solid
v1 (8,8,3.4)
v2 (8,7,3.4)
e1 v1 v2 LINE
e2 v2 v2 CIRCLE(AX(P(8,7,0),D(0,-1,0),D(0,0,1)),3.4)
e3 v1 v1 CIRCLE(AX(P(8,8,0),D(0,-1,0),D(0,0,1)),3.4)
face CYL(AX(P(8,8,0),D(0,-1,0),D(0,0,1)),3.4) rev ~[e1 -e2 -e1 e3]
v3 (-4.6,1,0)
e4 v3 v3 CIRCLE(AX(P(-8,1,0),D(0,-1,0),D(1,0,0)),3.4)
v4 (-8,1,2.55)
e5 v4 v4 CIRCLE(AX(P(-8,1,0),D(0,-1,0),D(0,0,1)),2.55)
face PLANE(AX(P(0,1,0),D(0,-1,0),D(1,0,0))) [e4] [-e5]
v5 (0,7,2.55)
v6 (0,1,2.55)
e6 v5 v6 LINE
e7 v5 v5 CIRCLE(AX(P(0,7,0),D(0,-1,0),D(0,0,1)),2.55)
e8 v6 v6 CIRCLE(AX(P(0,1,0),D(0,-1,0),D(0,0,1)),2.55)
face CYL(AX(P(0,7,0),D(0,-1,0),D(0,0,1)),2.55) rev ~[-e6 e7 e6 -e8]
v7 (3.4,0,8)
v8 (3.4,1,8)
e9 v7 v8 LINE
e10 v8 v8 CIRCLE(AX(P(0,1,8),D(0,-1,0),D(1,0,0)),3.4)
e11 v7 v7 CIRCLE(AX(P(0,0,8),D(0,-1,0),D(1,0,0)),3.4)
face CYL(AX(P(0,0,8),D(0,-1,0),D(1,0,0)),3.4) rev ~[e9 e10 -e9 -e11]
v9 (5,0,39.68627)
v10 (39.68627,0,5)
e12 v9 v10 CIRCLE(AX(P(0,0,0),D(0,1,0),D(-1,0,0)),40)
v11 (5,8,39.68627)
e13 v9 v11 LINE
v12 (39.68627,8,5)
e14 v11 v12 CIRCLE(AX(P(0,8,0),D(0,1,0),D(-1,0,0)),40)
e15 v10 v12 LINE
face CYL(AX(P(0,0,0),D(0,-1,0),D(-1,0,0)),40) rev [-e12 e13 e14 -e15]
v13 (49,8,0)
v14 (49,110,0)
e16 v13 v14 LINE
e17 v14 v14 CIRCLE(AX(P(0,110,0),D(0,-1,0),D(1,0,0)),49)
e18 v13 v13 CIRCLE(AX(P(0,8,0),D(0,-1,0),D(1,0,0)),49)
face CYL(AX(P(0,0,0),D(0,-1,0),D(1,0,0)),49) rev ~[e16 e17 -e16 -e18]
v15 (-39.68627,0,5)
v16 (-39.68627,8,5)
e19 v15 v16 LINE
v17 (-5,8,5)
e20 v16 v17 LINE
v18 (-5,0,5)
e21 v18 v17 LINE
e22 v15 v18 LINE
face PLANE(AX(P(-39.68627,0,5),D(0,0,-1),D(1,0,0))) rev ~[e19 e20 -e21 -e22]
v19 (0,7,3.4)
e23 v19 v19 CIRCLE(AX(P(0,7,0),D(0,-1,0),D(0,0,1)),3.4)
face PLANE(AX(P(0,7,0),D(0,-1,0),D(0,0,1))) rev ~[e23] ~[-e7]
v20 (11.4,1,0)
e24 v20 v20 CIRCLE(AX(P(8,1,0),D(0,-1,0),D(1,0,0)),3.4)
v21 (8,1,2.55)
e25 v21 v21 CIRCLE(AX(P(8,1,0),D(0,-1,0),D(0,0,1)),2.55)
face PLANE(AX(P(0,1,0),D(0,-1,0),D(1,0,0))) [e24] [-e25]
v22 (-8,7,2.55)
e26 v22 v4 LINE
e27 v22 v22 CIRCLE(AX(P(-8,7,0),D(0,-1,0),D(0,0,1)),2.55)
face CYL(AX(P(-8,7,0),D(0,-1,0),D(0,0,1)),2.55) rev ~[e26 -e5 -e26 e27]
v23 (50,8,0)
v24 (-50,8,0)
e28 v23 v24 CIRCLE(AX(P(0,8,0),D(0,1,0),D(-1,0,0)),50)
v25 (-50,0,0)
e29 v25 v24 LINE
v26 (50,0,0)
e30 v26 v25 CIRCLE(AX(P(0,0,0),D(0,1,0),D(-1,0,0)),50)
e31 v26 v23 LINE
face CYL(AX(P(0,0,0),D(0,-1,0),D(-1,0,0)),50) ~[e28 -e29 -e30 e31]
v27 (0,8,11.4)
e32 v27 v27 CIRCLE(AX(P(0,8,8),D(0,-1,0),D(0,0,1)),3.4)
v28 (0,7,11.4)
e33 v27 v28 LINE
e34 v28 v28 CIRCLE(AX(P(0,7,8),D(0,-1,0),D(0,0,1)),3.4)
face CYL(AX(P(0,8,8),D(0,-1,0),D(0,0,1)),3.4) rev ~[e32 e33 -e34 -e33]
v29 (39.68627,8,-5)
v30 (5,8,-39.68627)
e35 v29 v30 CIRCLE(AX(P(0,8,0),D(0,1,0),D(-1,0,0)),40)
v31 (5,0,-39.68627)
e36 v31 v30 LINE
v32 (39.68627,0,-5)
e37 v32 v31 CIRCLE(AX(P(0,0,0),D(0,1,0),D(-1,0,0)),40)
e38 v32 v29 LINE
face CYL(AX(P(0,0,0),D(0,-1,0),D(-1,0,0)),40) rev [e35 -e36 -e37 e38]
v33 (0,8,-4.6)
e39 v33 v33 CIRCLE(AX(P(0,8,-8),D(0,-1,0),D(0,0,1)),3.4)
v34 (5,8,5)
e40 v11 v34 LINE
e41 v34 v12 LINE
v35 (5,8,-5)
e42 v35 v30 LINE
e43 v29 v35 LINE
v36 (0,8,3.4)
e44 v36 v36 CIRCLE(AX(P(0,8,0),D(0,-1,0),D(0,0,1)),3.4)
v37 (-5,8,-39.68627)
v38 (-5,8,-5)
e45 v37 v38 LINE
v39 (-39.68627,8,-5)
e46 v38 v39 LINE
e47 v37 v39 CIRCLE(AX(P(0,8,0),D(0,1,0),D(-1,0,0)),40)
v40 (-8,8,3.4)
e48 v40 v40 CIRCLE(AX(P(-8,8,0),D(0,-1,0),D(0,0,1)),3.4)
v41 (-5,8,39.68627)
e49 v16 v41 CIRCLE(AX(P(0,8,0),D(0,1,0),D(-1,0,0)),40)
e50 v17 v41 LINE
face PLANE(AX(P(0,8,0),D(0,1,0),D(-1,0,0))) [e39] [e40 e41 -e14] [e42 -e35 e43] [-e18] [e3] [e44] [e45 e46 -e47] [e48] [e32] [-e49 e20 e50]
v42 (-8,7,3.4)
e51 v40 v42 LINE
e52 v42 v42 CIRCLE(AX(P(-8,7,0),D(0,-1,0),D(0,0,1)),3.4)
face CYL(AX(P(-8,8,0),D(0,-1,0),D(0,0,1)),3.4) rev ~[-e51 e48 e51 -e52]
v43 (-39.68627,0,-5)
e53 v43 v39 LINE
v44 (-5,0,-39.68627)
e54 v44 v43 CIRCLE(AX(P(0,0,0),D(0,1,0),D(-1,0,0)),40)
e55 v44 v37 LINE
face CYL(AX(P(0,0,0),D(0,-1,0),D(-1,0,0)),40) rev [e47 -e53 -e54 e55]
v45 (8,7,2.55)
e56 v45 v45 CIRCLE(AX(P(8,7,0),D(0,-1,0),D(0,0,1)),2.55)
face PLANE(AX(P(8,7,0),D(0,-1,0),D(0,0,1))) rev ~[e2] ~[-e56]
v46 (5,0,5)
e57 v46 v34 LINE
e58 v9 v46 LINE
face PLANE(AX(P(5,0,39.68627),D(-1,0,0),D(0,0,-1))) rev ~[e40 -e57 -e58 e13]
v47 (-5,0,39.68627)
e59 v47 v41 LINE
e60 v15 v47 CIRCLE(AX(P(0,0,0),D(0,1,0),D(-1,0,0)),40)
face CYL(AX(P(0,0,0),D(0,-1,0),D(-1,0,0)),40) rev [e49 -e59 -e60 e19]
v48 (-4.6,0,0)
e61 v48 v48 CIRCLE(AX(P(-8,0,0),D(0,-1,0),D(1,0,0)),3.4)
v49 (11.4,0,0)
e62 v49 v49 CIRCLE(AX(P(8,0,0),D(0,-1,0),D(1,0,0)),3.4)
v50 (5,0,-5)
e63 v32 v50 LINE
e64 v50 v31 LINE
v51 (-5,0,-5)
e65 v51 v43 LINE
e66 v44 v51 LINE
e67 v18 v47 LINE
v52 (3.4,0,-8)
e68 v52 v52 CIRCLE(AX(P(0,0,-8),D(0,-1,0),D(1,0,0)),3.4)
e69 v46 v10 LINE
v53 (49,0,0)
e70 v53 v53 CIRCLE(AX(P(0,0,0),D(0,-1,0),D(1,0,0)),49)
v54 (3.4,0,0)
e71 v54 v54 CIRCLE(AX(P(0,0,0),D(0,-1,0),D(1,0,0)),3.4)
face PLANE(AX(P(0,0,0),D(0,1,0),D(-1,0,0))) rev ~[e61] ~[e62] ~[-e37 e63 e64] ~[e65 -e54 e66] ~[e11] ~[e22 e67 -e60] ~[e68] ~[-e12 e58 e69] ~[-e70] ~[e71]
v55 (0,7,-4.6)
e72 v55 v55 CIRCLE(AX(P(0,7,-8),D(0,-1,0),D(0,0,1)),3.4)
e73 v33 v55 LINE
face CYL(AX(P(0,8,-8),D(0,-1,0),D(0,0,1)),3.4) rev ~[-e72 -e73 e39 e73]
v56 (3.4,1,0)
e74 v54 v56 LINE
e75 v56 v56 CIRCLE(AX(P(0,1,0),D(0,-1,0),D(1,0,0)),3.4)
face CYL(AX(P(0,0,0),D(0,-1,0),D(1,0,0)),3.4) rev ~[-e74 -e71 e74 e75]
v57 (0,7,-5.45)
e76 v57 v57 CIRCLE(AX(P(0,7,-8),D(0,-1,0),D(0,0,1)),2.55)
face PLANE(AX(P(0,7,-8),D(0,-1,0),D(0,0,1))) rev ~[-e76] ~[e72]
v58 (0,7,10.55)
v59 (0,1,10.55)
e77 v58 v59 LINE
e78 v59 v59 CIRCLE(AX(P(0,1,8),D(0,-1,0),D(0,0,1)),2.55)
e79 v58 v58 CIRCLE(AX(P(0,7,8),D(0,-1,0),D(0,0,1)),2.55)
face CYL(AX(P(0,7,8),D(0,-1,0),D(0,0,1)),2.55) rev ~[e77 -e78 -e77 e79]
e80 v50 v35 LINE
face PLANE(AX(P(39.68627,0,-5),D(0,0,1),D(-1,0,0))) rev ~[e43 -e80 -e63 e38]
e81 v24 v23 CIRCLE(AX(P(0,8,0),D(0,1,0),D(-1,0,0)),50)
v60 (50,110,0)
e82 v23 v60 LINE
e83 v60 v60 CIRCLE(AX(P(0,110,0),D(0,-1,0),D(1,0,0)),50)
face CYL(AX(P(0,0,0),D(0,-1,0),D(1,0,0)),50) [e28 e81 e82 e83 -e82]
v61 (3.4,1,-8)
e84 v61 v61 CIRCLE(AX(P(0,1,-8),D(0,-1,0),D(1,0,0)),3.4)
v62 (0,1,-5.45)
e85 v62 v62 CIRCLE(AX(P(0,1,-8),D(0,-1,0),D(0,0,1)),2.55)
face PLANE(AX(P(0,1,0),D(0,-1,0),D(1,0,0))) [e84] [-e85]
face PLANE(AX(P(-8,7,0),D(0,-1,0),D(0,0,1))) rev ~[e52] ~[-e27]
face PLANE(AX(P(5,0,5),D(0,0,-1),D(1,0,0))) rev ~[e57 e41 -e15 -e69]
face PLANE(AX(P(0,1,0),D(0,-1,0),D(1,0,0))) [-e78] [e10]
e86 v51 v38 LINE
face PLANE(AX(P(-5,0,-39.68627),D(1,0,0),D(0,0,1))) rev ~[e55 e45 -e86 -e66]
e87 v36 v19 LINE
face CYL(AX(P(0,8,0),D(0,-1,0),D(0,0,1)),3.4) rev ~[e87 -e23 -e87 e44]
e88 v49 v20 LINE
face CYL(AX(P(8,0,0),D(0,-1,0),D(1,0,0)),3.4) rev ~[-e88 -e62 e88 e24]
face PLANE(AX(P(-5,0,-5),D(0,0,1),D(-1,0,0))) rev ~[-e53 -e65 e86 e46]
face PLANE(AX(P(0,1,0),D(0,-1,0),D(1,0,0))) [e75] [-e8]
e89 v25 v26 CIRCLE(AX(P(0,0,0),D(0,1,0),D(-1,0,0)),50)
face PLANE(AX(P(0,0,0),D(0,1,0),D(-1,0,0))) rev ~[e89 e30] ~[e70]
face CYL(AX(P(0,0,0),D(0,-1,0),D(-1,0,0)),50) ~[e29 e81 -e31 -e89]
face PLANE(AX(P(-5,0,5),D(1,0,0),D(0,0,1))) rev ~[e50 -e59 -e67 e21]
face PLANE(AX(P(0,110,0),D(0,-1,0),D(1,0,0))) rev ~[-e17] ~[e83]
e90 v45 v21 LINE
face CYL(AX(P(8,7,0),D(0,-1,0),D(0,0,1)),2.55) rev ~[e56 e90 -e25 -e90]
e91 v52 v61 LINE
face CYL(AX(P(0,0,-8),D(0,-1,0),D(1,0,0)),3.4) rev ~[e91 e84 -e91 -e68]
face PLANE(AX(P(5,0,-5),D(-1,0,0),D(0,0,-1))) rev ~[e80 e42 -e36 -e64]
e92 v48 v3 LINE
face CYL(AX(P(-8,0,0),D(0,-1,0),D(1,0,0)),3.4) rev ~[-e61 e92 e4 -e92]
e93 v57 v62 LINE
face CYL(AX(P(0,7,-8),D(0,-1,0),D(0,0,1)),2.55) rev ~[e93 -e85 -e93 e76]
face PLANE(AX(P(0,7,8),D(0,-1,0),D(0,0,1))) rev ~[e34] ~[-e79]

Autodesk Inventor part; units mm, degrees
ref_plane "YZ Plane" through (0, 0, 0) normal (1, 0, 0) x (0, 1, 0)
ref_plane "XZ Plane" through (0, 0, 0) normal (0, 1, 0) x (-1, 0, 0)
ref_plane "XY Plane" through (0, 0, 0) normal (0, 0, 1) x (1, 0, 0)
sketch "Sketch1" plane through (0, 0, 0) normal (0, 1, 0) x (-1, 0, 0)
  circle A0 centre (0, 0) radius 50
  circle A1 centre (0, 0) radius 40
  line L0 (-5, -42.5) -> (5, -42.5)
  line L1 (5, -42.5) -> (5, 42.5)
  line L2 (5, 42.5) -> (-5, 42.5)
  line L3 (-5, 42.5) -> (-5, -42.5)
  line L4 (-5, -42.5) -> (5, 42.5) construction
  line L5 (5, -42.5) -> (-5, 42.5) construction
  line L6 (-42.5, -5) -> (42.5, -5)
  line L7 (42.5, -5) -> (42.5, 5)
  line L8 (42.5, 5) -> (-42.5, 5)
  line L9 (-42.5, 5) -> (-42.5, -5)
  line L10 (-42.5, -5) -> (42.5, 5) construction
  line L11 (42.5, -5) -> (-42.5, 5) construction
  point P0 (5, -5)
  point P1 (39.6863, -5)
  point P2 (5, -39.6863)
  point P3 (-5, 5)
  point P4 (-39.6863, 5)
  point P5 (-5, 39.6863)
  point P6 (-5, -5)
  point P7 (-5, -39.6863)
  point P8 (-39.6863, -5)
  point P9 (5, 5)
  point P10 (5, 39.6863)
  point P11 (39.6863, 5)
  dimension "d0" = 100
  dimension "d1" = 80
  dimension "d2" = 10
  dimension "d3" = 85
  dimension "d4" = 85
extrude "Extrusion1" add sketch "Sketch1" along normal blind 8 contours A0 | A1 L6 L1 L8 | A1 L8 L7 L6 | L1 L8 L3 A1 | A1 L3 L2 L1 | L1 L6 L3 L8 | L1 L0 L3 A1 | A1 L3 L6 L1 | L3 L6 A1 L8 | A1 L6 L9 L8
sketch "Sketch2" plane through (0, 8, 0) normal (0, 1, 0) x (1, 0, 0)
  point P0 (0, 0)
  point P1 (-8, 0)
  point P2 (0, 0)
  point P3 (0, -8)
  point P4 (8, 0)
  point P5 (0, 8)
  dimension "d7" = 8
  dimension "d40" = 360
hole "Hole1" at (-8, 8, 0) at (0, 8, -8) at (8, 8, 0) at (0, 8, 8) at (0, 8, 0) direction (0, -1, 0) diameter 5.1 end through all counterbore diameter 6.8 counterbore depth 1
sketch "Sketch6" plane through (0, 0, 0) normal (0, -1, 0) x (1, 0, 0)
  circle A0 centre (0, 8) radius 3.4 projected
  circle A1 centre (8, 0) radius 3.4 projected
  circle A2 centre (0, 0) radius 3.4 projected
  circle A3 centre (-8, 0) radius 3.4 projected
  circle A4 centre (0, -8) radius 3.4 projected
extrude "Extrusion4" cut sketch "Sketch6" against normal blind 1
sketch "Sketch8" plane through (0, 0, 0) normal (0, -1, 0) x (1, 0, 0)
  circle A0 centre (0, 0) radius 50 projected
  circle A1 centre (0, 0) radius 49
  dimension "d45" = 1
extrude "Extrusion5" add sketch "Sketch8" against normal blind 110
sketch "Sketch5" plane through (0, 0, 0) normal (0, -1, 0) x (1, 0, 0)
  circle A0 centre (0, 0) radius 14.6259
  circle A1 centre (0, 0) radius 68.9057
properties part number "Test_base"
